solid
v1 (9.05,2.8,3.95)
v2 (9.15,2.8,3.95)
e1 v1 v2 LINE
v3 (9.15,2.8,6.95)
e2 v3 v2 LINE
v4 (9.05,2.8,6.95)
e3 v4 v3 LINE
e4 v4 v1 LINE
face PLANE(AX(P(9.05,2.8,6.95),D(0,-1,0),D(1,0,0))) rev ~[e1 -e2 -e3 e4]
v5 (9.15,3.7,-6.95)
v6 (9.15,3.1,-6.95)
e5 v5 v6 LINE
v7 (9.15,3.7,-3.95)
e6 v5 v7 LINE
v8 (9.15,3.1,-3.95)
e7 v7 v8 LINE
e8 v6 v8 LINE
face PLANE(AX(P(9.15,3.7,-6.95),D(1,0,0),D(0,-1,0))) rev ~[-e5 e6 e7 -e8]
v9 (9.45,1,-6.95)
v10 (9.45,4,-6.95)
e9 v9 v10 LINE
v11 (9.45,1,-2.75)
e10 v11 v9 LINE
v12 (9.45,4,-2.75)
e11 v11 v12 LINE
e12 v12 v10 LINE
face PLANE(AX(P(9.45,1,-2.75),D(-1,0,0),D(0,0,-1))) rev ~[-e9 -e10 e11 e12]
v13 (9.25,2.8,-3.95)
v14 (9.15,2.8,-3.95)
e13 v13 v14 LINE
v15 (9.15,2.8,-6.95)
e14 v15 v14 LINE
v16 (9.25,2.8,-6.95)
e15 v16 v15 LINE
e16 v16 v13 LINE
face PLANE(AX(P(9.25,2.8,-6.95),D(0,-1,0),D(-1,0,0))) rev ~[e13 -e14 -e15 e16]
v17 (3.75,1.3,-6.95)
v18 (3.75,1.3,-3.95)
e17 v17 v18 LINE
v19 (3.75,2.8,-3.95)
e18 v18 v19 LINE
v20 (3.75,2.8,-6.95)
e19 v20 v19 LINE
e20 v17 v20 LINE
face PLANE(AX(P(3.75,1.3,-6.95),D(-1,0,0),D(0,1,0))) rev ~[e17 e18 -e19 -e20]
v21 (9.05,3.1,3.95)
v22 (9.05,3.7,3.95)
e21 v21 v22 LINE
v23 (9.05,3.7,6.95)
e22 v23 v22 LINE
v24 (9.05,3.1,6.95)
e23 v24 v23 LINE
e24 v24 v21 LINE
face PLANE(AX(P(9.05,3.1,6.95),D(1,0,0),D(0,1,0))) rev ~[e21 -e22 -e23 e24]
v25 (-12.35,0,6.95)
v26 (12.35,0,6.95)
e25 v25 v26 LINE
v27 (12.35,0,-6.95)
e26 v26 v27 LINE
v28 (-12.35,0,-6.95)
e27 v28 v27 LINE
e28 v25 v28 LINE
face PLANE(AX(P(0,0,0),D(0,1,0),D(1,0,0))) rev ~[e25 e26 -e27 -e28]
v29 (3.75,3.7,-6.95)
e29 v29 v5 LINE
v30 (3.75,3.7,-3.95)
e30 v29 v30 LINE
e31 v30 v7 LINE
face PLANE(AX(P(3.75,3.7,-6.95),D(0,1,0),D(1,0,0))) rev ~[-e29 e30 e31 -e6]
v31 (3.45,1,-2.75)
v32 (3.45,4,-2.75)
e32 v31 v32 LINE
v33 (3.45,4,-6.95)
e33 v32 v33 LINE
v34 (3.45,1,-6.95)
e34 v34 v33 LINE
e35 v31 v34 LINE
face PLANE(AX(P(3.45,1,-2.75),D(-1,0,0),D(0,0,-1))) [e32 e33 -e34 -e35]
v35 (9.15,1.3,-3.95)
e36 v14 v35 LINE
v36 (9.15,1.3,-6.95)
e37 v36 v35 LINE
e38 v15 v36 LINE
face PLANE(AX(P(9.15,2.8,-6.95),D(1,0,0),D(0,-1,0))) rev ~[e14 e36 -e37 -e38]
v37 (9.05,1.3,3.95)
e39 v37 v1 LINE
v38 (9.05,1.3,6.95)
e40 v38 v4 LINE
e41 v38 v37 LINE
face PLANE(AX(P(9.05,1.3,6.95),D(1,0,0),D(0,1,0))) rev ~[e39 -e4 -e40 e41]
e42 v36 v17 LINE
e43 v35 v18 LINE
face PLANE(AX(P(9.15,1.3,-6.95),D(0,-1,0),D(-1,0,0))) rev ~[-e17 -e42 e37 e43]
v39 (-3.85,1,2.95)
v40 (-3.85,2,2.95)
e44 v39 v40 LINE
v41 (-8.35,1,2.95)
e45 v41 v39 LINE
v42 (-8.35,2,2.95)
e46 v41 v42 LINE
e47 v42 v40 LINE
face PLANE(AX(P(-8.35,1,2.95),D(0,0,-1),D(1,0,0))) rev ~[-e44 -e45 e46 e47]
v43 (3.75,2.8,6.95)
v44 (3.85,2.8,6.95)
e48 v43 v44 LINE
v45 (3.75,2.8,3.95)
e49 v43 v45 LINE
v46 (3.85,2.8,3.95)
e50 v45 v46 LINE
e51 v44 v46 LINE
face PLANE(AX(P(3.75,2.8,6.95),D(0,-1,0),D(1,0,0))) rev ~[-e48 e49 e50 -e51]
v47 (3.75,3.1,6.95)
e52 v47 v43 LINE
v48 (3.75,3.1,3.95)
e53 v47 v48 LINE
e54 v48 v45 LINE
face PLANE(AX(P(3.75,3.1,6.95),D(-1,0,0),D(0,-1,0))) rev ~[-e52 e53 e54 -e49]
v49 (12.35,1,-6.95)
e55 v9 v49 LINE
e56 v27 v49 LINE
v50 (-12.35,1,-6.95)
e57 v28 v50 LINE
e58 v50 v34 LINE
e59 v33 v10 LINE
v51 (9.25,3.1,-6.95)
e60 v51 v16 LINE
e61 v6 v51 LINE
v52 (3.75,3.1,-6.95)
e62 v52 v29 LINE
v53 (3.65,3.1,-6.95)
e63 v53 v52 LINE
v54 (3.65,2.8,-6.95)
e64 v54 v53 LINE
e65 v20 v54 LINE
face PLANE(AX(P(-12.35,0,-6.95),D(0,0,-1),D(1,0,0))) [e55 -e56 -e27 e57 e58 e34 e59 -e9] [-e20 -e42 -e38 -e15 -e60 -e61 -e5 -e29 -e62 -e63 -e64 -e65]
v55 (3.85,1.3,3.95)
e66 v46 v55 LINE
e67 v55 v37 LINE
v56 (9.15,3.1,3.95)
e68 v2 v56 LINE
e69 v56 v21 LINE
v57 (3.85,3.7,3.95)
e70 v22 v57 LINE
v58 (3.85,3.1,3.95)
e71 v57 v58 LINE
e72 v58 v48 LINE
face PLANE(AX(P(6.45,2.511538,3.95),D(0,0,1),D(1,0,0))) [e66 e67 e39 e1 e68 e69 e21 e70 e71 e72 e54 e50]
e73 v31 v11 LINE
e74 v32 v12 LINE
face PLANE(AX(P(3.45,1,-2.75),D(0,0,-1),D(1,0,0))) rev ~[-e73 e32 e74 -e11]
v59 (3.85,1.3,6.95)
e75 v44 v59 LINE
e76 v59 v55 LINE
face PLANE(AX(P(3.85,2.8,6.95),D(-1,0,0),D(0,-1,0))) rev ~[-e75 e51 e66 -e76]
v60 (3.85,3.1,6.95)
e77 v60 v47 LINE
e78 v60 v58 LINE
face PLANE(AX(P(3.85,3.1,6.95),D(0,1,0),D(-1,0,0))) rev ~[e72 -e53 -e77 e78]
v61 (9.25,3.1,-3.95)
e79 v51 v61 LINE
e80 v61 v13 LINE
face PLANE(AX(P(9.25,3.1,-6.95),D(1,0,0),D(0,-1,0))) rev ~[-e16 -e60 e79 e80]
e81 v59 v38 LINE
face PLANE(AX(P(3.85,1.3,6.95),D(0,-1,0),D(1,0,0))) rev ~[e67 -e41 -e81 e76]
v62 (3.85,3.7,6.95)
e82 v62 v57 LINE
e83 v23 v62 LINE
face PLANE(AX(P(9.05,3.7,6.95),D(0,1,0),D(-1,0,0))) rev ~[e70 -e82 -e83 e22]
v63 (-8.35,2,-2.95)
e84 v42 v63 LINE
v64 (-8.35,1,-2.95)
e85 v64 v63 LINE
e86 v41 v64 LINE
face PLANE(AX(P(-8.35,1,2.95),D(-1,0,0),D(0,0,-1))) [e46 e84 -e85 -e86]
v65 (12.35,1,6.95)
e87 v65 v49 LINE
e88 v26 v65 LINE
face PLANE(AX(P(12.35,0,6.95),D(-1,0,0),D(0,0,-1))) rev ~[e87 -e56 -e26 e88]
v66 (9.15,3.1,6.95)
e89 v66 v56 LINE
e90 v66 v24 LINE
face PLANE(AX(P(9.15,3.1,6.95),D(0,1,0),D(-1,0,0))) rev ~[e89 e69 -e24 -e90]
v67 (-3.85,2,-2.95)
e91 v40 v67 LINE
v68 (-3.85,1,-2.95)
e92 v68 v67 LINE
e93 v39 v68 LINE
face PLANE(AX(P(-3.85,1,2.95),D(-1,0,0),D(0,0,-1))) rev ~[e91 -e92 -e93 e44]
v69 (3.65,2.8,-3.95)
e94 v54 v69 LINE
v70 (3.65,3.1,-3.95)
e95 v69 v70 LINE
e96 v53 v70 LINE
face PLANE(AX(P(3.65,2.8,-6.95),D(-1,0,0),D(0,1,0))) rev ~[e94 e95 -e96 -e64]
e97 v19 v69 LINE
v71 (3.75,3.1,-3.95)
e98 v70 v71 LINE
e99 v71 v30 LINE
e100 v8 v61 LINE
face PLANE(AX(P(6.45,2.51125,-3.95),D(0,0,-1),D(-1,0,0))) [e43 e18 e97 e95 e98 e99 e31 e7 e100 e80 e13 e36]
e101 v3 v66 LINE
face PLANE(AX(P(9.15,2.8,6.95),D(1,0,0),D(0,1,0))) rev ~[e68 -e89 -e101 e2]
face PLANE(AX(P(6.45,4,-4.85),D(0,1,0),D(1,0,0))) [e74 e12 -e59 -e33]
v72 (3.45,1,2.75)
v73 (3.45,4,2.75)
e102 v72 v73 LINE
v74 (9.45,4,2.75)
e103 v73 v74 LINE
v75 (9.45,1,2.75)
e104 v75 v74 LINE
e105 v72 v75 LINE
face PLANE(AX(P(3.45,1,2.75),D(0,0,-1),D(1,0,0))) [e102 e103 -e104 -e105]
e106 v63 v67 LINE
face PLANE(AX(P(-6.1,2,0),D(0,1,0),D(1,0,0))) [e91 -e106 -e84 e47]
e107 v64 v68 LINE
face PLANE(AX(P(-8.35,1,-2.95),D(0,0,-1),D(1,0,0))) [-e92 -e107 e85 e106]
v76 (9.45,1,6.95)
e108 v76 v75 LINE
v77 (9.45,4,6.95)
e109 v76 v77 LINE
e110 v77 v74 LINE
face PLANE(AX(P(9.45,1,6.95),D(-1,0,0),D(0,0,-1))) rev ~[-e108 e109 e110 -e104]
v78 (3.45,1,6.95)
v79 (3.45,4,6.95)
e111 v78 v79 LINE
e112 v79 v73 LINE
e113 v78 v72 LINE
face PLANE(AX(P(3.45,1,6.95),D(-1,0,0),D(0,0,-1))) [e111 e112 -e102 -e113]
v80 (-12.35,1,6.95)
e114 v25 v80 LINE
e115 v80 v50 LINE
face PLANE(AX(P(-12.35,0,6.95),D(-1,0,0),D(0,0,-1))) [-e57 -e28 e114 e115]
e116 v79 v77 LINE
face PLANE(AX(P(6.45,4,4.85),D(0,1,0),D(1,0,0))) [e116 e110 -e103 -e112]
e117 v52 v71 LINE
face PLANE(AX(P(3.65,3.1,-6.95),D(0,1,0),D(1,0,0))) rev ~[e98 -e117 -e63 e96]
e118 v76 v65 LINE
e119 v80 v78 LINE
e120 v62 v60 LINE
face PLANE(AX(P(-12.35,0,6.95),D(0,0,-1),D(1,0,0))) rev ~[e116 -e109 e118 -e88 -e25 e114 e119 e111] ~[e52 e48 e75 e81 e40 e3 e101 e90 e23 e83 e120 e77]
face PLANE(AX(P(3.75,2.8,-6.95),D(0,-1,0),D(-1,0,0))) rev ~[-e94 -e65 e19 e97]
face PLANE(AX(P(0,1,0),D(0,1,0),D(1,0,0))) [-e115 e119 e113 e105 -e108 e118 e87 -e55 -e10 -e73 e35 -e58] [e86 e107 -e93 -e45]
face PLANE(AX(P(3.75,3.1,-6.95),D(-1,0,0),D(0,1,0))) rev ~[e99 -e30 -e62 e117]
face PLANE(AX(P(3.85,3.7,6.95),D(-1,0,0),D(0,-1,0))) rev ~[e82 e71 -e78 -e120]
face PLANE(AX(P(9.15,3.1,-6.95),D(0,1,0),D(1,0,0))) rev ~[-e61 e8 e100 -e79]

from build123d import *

# Parameters (mm, degrees)
SKETCH1_W           = 24.7
SKETCH1_H           = 13.9
BOSS_EXTRUDE1_DEPTH = 1
SKETCH2_W           = 6
SKETCH2_H           = 4.2
BOSS_EXTRUDE2_DEPTH = 3
CUT_EXTRUDE1_DEPTH  = 3
CUT_EXTRUDE2_DEPTH  = 3
SKETCH6_W           = 4.5
SKETCH6_H           = 5.9
BOSS_EXTRUDE3_DEPTH = 1


with BuildPart() as part:
    # Sketch1 → Boss-Extrude1 (new body)
    with BuildSketch(Plane(origin=(0, 0, 0), x_dir=(1, 0, 0), z_dir=(0, 1, 0))):
        Rectangle(SKETCH1_W, SKETCH1_H)
    extrude(amount=BOSS_EXTRUDE1_DEPTH)

    # Sketch2 → Boss-Extrude2 (add)
    with BuildSketch(Plane(origin=(0, 1, 0), x_dir=(1, 0, 0), z_dir=(0, 1, 0))):
        with Locations((6.45, -4.85)):
            Rectangle(SKETCH2_W, SKETCH2_H)
        with Locations((6.45, 4.85)):
            Rectangle(SKETCH2_W, SKETCH2_H)
    extrude(amount=BOSS_EXTRUDE2_DEPTH)

    # Sketch3 → Cut-Extrude1 (cut)
    with BuildSketch(Plane.XY.offset(6.95)):
        Polygon((3.85, 3.7), (3.85, 3.1), (3.75, 3.1), (3.75, 2.8), (3.85, 2.8), (3.85, 1.3), (9.05, 1.3), (9.05, 2.8), (9.15, 2.8), (9.15, 3.1), (9.05, 3.1), (9.05, 3.7), align=None)
    extrude(amount=-CUT_EXTRUDE1_DEPTH, mode=Mode.SUBTRACT)

    # Sketch5 → Cut-Extrude2 (cut)
    with BuildSketch(Plane(origin=(0, 0, -6.95), x_dir=(-1, 0, 0), z_dir=(0, 0, -1))):
        Polygon((-9.15, 3.7), (-9.15, 3.1), (-9.25, 3.1), (-9.25, 2.8), (-9.15, 2.8), (-9.15, 1.3), (-3.75, 1.3), (-3.75, 2.8), (-3.65, 2.8), (-3.65, 3.1), (-3.75, 3.1), (-3.75, 3.7), align=None)
    extrude(amount=-CUT_EXTRUDE2_DEPTH, mode=Mode.SUBTRACT)

    # Sketch6 → Boss-Extrude3 (add)
    with BuildSketch(Plane(origin=(0, 1, 0), x_dir=(1, 0, 0), z_dir=(0, 1, 0))):
        with Locations((-6.1, 0)):
            Rectangle(SKETCH6_W, SKETCH6_H)
    extrude(amount=BOSS_EXTRUDE3_DEPTH)


solid = part.part
